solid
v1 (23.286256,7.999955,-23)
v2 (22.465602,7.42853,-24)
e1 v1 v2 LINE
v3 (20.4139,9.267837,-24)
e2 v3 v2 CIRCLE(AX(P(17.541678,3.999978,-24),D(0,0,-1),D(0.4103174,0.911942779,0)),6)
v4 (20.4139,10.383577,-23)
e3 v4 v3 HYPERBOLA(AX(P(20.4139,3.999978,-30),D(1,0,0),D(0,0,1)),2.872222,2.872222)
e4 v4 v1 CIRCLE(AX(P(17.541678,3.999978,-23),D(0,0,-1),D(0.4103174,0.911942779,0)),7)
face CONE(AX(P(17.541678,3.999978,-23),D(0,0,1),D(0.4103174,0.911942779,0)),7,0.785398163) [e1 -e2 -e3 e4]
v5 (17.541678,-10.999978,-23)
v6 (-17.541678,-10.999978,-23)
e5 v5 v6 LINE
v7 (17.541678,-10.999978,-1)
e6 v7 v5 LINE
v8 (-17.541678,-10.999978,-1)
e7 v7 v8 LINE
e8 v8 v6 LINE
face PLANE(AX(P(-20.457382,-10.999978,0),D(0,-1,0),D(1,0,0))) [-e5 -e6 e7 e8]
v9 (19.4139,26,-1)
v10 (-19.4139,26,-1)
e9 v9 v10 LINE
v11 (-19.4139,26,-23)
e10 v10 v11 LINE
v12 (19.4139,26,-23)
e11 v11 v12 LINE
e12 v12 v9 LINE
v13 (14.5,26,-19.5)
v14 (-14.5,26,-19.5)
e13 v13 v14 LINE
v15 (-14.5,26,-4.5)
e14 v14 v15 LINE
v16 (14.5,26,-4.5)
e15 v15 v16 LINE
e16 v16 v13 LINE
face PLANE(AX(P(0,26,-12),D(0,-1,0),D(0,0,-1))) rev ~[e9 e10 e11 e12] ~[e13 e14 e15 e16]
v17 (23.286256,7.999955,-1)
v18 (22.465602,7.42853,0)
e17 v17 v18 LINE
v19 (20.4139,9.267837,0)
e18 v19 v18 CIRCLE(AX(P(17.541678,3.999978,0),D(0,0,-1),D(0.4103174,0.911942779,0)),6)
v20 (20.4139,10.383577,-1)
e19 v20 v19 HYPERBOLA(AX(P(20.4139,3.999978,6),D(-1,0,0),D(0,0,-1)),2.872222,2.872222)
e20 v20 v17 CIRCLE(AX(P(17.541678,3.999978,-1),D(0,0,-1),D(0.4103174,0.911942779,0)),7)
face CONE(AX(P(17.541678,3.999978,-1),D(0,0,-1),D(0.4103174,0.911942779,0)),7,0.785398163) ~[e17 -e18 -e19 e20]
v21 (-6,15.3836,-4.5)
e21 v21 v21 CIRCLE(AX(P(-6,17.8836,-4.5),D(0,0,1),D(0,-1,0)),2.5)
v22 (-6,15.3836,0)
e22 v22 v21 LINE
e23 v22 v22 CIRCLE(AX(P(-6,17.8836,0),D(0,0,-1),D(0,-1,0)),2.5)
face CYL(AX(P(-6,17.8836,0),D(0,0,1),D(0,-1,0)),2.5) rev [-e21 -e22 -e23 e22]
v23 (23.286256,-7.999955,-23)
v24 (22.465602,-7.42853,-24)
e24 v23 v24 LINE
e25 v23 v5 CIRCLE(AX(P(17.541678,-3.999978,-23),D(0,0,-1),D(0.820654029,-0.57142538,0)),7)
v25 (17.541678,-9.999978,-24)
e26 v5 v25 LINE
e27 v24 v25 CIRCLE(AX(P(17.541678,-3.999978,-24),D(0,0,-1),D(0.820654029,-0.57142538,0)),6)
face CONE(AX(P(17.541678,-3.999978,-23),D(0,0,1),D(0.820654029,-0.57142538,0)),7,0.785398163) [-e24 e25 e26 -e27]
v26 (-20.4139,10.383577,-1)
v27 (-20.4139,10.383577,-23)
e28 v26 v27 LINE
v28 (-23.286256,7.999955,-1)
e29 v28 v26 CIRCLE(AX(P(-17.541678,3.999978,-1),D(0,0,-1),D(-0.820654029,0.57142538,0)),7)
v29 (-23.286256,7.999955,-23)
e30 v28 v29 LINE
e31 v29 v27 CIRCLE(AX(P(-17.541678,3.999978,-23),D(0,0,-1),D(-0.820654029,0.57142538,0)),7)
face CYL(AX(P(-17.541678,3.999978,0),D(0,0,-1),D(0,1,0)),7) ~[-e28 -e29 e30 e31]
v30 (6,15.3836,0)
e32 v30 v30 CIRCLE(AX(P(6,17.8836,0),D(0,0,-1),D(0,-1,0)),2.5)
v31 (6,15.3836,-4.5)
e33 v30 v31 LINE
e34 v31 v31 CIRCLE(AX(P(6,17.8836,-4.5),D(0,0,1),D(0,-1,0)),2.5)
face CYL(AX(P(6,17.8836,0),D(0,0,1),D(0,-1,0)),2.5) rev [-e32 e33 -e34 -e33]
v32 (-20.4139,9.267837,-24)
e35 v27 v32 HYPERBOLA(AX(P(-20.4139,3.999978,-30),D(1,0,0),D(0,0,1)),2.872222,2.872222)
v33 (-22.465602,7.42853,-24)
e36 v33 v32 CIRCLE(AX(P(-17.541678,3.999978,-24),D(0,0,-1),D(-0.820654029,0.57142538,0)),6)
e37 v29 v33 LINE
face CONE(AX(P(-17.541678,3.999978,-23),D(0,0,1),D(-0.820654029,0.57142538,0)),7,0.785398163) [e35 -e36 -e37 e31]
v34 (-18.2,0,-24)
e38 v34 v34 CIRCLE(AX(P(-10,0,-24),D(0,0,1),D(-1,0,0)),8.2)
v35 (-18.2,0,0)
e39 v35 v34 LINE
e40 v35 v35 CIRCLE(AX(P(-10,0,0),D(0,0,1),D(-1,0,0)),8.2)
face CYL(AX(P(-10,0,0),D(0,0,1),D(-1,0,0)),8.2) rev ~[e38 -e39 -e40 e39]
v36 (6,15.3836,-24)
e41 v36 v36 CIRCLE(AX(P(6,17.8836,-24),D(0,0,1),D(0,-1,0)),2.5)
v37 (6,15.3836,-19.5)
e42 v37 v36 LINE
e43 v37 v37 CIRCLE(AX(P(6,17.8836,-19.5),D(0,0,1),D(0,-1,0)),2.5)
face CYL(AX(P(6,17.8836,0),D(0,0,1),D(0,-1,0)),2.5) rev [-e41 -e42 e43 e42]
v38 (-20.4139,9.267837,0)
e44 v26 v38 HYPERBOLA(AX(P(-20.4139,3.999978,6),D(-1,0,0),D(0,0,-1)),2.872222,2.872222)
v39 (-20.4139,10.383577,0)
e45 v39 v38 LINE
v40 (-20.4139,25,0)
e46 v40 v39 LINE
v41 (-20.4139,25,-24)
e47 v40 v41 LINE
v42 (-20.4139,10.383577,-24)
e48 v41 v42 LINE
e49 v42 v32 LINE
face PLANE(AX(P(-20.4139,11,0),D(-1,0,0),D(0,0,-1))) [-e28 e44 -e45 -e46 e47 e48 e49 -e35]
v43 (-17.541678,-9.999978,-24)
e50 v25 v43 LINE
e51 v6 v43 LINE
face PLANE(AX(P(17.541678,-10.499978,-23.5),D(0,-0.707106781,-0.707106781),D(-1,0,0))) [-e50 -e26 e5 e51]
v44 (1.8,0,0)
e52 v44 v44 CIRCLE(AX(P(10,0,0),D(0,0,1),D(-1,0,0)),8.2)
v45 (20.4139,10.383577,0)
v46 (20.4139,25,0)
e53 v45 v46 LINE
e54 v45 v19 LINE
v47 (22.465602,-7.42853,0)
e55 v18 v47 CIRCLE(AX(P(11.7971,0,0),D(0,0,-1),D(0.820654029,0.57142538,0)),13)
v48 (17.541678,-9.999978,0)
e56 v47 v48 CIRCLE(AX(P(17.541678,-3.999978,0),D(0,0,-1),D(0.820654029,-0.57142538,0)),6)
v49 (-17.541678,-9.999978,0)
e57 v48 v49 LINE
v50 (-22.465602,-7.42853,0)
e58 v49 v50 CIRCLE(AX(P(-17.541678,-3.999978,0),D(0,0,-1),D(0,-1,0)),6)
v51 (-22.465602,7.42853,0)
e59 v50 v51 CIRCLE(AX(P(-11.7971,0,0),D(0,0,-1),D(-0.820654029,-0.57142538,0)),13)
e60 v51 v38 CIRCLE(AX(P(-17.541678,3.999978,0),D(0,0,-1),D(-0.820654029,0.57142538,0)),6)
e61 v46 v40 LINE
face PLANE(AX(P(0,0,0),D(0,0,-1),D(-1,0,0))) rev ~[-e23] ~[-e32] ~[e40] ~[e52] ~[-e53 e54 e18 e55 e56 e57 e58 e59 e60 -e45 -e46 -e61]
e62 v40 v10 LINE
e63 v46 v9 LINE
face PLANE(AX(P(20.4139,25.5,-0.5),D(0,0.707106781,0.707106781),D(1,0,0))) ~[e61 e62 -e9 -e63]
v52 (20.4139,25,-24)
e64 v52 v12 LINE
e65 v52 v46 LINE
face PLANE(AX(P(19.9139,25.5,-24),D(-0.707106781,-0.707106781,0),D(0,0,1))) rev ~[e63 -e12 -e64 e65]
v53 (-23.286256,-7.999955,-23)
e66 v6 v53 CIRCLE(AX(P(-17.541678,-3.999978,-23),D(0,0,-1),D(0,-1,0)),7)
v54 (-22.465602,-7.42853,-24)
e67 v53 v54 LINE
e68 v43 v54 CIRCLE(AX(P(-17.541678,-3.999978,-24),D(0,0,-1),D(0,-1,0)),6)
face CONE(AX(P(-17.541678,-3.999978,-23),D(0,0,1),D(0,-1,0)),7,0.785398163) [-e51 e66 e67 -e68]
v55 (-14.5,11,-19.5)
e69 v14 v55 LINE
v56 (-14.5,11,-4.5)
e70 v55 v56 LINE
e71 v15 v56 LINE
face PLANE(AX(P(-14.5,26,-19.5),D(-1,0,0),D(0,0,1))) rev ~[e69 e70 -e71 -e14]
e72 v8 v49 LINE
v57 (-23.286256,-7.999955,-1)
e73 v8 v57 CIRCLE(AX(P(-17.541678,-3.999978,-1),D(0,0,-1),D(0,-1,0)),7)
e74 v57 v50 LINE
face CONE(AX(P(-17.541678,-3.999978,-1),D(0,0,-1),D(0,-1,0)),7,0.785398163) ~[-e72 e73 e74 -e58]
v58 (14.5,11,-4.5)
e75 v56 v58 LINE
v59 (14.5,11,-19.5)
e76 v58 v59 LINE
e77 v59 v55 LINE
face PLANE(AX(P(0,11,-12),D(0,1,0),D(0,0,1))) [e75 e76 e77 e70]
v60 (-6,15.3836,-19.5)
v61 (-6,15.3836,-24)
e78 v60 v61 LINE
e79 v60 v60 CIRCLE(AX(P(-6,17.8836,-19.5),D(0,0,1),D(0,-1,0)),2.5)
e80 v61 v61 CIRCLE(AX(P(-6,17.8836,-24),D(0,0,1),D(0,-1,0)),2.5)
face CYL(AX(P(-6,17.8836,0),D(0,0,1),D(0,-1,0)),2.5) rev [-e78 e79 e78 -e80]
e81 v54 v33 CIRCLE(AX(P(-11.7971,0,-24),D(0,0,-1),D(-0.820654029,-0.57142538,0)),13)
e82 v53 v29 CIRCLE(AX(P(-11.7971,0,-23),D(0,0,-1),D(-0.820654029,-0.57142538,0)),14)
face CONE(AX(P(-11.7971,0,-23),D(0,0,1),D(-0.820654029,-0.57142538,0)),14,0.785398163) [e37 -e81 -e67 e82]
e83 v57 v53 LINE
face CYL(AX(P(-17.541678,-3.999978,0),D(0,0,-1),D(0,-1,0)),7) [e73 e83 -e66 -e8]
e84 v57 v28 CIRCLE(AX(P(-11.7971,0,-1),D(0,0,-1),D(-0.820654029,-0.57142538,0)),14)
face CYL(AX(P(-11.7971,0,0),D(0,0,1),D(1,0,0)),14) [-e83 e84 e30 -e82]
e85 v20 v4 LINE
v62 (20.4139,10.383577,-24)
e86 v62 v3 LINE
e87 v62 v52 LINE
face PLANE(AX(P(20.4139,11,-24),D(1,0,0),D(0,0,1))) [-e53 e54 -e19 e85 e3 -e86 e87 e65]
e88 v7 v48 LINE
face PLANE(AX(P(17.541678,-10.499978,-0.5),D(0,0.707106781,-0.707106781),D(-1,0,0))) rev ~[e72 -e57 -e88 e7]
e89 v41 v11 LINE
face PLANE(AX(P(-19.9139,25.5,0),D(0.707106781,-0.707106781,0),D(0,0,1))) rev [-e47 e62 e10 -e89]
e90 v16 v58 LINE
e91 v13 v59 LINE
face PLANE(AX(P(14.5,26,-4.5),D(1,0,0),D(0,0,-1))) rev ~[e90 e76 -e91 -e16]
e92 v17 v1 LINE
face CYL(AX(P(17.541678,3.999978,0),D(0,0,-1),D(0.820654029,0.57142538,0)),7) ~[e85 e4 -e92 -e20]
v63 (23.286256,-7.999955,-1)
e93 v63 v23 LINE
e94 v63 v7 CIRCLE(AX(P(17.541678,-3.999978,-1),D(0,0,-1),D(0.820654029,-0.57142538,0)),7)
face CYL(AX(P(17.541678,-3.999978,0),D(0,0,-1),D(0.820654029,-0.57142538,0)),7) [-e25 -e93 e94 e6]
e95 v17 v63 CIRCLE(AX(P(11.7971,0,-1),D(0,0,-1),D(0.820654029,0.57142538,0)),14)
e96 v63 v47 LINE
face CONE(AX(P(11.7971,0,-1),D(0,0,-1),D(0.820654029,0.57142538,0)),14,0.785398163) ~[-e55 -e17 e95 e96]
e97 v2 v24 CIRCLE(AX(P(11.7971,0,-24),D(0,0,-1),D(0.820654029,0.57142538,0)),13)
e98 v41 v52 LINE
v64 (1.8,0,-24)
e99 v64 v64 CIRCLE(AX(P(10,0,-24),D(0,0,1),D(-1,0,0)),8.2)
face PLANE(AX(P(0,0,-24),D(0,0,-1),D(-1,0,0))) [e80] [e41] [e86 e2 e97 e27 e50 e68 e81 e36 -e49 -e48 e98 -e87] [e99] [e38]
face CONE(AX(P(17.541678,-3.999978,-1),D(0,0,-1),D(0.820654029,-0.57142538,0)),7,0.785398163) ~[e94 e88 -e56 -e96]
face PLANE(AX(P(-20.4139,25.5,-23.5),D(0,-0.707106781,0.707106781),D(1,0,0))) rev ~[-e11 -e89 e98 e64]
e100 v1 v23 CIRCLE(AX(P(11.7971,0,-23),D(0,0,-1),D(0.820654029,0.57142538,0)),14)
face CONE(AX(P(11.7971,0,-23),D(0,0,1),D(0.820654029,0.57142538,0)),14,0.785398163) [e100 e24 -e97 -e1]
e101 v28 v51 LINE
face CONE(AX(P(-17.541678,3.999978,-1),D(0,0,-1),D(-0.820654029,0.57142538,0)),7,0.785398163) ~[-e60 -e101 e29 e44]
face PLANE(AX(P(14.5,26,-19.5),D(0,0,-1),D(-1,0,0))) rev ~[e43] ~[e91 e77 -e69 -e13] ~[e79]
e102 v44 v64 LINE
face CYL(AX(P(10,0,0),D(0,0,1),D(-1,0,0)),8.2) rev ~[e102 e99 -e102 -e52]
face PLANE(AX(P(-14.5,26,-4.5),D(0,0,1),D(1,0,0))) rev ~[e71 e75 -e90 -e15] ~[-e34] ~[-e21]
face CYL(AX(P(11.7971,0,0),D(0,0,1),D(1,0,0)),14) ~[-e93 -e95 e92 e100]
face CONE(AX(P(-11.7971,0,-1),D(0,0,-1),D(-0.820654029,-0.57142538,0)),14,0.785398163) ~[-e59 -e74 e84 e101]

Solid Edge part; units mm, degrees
sketch "Sketch1" plane through (0, 0, 0) normal (0, 0, 1) x (1, 0, 0)
  arc A0 (20.4574, 11) -> (20.4574, -11) centre (11.7971, 0) cw
  line L0 (-20.4574, -11) -> (20.4574, -11)
  arc A1 (-20.4574, 11) -> (-20.4574, -11) centre (-11.7971, 0) ccw
  line L1 (-20.4574, 11) -> (20.4574, 11)
  dimension "D1" = 14
  dimension "D2" = 22
extrude "Ajout_matière_1" add sketch "Sketch1" against normal blind 24
sketch "Sketch2" plane through (0, 0, 0) normal (0, 0, 1) x (-1, 0, 0)
  circle A0 centre (10, 0) radius 8.2
  circle A1 centre (-10, 0) radius 8.2
  dimension "D1" = 16.4
  dimension "D2" = 20
  dimension "D3" = 10
  dimension "D4" = 16.4
extrude "Cutout1" cut sketch "Sketch2" against normal through all and the other way up to next
fillet "Congé_1" radius 7 4 edges at (20.4574, -11, -12) (20.4574, 11, -12) (-20.4574, 11, -12) (-20.4574, -11, -12)
sketch "Sketch3" plane through (0, 11, -10) normal (0, 1, 0) x (-1, 0, 0)
  line L0 (-20.4139, 10) -> (20.4139, 10)
  line L1 (20.4139, 10) -> (20.4139, -14)
  line L2 (20.4139, -14) -> (-20.4139, -14)
  line L3 (-20.4139, -14) -> (-20.4139, 10)
extrude "Ajout_matière_3" add sketch "Sketch3" along normal blind 15 and the other way up to next
hole "Perçage_3" at (6, 17.8836, 0) direction (0, 0, -1) diameter 5 end up to next
hole "Hole1" at (-6, 17.8836, 0) direction (0, 0, -1) diameter 5 end up to next
sketch "Sketch4" plane through (0, 26, -10) normal (0, 1, 0) x (-1, 0, 0)
  line L0 (-14.5, 5.5) -> (-14.5, -9.5)
  line L1 (-14.5, -9.5) -> (14.5, -9.5)
  line L2 (14.5, -9.5) -> (14.5, 5.5)
  line L3 (14.5, 5.5) -> (-14.5, 5.5)
  dimension "D1" = 15
  dimension "D2" = 29
extrude "Enlèvement_matière_3" cut sketch "Sketch4" against normal blind 15
chamfer "Chanfrein_3" distance 1 angle 45 18 edges at (25.7971, 0, 0) (20.782, -10.2048, 0) (0, -11, 0) (-20.782, -10.2048, 0) (-25.7971, 0, 0) (-22.0119, 9.3868, 0) (22.0119, 9.3868, 0) (0, 26, 0) (25.7971, 0, -24) (20.782, -10.2048, -24) (0, -11, -24) (-20.782, -10.2048, -24) (-25.7971, 0, -24) (-22.0119, 9.3868, -24) (22.0119, 9.3868, -24) (0, 26, -24) (-20.4139, 26, -12) (20.4139, 26, -12)
properties material "Plastique ABS, haute performance"
